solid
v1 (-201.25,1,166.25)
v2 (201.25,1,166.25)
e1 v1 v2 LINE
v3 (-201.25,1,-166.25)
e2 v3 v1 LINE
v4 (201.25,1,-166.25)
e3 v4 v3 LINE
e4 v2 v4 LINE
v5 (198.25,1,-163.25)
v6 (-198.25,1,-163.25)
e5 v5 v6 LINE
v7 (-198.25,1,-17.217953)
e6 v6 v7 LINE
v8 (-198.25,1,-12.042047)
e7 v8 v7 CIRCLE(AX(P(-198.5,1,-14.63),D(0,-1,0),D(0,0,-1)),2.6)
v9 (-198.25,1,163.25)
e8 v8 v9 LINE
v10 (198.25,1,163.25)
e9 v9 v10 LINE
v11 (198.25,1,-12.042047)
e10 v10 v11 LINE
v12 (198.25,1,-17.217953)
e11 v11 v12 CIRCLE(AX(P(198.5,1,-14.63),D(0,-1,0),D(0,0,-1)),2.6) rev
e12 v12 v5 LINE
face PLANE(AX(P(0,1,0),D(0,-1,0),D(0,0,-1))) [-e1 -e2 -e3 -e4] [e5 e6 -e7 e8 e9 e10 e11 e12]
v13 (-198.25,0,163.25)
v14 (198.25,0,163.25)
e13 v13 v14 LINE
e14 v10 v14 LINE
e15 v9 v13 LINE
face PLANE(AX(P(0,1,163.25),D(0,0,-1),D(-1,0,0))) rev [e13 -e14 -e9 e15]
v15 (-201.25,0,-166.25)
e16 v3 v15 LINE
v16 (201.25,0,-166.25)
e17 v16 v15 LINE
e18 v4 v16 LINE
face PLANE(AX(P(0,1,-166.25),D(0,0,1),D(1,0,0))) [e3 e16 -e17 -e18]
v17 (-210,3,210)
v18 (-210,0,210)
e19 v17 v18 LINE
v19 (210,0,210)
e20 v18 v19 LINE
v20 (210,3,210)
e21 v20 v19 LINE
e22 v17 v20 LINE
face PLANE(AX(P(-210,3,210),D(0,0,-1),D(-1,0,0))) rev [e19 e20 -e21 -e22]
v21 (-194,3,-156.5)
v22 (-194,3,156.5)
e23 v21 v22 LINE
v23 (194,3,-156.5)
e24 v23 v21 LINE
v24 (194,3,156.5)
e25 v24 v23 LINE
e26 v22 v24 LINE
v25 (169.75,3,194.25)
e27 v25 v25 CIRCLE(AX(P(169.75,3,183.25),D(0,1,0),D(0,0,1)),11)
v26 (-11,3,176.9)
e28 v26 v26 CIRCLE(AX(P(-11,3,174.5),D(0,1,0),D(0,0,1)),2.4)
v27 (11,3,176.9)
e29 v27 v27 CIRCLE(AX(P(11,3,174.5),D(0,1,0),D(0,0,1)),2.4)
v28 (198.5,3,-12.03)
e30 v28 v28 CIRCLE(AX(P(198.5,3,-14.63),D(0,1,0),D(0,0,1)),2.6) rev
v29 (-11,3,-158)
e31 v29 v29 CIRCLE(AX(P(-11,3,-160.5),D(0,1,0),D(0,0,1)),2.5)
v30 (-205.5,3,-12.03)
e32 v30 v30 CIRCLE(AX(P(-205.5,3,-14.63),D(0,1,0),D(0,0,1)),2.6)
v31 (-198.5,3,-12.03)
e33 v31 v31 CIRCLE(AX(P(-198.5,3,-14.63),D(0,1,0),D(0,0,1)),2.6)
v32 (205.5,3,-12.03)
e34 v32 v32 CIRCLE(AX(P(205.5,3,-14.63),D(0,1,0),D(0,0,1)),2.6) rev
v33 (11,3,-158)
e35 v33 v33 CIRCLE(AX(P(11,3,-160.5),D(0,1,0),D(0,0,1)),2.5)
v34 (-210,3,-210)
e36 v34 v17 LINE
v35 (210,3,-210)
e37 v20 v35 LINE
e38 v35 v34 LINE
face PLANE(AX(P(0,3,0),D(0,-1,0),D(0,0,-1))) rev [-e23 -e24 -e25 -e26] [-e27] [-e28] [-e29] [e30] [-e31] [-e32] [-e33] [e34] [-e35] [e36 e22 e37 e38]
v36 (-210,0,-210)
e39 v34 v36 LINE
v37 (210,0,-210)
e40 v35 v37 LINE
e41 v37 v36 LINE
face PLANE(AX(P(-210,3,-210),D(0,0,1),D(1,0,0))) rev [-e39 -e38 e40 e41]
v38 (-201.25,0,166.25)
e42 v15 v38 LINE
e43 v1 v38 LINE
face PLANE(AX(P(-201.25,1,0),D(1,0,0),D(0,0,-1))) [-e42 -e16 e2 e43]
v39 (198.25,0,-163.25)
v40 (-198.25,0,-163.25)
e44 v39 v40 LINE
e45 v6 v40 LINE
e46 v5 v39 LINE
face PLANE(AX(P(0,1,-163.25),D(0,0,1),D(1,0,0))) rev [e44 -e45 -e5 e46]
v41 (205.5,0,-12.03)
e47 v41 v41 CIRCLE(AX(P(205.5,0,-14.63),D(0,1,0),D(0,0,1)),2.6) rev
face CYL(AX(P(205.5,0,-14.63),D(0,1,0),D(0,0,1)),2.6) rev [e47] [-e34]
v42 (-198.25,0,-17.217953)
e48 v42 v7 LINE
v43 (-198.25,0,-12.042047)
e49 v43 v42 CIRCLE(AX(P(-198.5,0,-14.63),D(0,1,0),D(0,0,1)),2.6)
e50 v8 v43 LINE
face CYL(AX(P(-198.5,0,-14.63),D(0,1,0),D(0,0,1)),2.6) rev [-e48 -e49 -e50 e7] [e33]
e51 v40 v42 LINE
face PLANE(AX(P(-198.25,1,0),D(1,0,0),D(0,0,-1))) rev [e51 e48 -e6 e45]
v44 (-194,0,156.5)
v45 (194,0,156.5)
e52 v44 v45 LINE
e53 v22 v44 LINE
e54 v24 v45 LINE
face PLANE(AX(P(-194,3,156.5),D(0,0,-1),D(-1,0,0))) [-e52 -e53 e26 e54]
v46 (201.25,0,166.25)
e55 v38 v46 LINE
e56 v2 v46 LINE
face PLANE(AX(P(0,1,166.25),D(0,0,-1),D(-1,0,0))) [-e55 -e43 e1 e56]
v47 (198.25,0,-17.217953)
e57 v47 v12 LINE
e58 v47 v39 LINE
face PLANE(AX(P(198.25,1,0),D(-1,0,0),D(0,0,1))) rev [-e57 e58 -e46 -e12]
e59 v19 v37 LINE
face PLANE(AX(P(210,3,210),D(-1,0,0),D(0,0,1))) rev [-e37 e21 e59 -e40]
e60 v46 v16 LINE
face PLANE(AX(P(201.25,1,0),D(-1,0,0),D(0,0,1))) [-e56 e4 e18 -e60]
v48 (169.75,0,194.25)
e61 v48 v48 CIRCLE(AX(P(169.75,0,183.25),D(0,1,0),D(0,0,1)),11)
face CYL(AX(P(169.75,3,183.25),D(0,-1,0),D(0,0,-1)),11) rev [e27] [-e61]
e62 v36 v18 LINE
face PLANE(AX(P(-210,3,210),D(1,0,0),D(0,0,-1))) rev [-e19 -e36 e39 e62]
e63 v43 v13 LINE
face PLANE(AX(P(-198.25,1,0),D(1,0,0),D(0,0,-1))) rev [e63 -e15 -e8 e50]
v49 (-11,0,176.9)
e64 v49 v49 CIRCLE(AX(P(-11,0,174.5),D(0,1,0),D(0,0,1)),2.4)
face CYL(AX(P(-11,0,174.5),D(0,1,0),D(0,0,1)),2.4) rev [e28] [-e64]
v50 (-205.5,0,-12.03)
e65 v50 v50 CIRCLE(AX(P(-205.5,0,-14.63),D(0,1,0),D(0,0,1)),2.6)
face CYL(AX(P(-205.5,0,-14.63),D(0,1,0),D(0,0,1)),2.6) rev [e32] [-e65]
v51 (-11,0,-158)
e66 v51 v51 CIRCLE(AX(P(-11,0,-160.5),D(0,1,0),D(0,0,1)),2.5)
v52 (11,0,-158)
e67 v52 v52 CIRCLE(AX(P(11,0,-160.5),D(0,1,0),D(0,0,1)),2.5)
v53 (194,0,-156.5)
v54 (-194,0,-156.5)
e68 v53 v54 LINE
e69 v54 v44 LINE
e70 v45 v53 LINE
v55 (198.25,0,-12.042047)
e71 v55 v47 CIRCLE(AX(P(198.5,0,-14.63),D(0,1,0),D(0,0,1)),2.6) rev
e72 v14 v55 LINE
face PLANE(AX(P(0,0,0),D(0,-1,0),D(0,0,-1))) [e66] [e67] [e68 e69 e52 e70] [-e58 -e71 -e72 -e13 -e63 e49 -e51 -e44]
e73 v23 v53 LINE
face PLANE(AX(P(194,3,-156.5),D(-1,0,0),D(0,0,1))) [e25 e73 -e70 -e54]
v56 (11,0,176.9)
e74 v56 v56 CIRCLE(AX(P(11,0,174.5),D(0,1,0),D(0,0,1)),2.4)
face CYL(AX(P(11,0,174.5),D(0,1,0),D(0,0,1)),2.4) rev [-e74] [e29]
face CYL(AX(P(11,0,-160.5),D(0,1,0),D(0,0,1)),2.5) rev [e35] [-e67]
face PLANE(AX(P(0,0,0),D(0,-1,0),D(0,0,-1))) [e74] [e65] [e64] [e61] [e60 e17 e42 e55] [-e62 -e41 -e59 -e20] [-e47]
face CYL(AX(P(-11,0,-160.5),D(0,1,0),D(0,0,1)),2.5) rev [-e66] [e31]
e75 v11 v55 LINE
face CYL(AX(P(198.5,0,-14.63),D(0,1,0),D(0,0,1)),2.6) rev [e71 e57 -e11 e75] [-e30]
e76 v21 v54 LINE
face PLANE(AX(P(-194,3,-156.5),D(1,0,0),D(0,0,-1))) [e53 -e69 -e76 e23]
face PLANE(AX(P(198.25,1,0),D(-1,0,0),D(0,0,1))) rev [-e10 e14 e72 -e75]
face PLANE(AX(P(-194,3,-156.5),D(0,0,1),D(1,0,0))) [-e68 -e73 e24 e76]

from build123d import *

# Parameters (mm, degrees)
SKETCH1_W           = 420
SKETCH1_H           = 420
SKETCH1_R           = 11
SKETCH1_W_2         = 388
SKETCH1_H_2         = 313
BOSS_EXTRUDE1_DEPTH = 3
SKETCH2_W           = 402.5
SKETCH2_H           = 332.5
SKETCH2_W_2         = 396.5
SKETCH2_H_2         = 326.5
CUT_EXTRUDE1_DEPTH  = 1
SKETCH5_R           = 2.6
SKETCH5_R_2         = 2.5
SKETCH5_R_3         = 2.4
CUT_EXTRUDE8_DEPTH  = 298


with BuildPart() as part:
    # Sketch1 → Boss-Extrude1 (new body)
    with BuildSketch(Plane(origin=(0, 0, 0), x_dir=(1, 0, 0), z_dir=(0, 1, 0))):
        Rectangle(SKETCH1_W, SKETCH1_H)
        with Locations((169.75, -183.25)):
            Circle(SKETCH1_R, mode=Mode.SUBTRACT)
        Rectangle(SKETCH1_W_2, SKETCH1_H_2, mode=Mode.SUBTRACT)
    extrude(amount=BOSS_EXTRUDE1_DEPTH)

    # Sketch2 → Cut-Extrude1 (cut)
    with BuildSketch(Plane.XZ):
        Rectangle(SKETCH2_W, SKETCH2_H)
        Rectangle(SKETCH2_W_2, SKETCH2_H_2, mode=Mode.SUBTRACT)
    extrude(amount=-CUT_EXTRUDE1_DEPTH, mode=Mode.SUBTRACT)

    # Sketch5 → Cut-Extrude8 (cut, through all)
    with BuildSketch(Plane(origin=(0, 3, 0), x_dir=(1, 0, 0), z_dir=(0, 1, 0))):
        with Locations((-205.5, 14.63)):
            Circle(SKETCH5_R)
        with Locations((-198.5, 14.63)):
            Circle(SKETCH5_R)
        with Locations((198.5, 14.63)):
            Circle(SKETCH5_R)
        with Locations((205.5, 14.63)):
            Circle(SKETCH5_R)
        with Locations((-11, 160.5)):
            Circle(SKETCH5_R_2)
        with Locations((11, 160.5)):
            Circle(SKETCH5_R_2)
        with Locations((-11, -174.5)):
            Circle(SKETCH5_R_3)
        with Locations((11, -174.5)):
            Circle(SKETCH5_R_3)
    extrude(amount=-CUT_EXTRUDE8_DEPTH, mode=Mode.SUBTRACT)


solid = part.part
